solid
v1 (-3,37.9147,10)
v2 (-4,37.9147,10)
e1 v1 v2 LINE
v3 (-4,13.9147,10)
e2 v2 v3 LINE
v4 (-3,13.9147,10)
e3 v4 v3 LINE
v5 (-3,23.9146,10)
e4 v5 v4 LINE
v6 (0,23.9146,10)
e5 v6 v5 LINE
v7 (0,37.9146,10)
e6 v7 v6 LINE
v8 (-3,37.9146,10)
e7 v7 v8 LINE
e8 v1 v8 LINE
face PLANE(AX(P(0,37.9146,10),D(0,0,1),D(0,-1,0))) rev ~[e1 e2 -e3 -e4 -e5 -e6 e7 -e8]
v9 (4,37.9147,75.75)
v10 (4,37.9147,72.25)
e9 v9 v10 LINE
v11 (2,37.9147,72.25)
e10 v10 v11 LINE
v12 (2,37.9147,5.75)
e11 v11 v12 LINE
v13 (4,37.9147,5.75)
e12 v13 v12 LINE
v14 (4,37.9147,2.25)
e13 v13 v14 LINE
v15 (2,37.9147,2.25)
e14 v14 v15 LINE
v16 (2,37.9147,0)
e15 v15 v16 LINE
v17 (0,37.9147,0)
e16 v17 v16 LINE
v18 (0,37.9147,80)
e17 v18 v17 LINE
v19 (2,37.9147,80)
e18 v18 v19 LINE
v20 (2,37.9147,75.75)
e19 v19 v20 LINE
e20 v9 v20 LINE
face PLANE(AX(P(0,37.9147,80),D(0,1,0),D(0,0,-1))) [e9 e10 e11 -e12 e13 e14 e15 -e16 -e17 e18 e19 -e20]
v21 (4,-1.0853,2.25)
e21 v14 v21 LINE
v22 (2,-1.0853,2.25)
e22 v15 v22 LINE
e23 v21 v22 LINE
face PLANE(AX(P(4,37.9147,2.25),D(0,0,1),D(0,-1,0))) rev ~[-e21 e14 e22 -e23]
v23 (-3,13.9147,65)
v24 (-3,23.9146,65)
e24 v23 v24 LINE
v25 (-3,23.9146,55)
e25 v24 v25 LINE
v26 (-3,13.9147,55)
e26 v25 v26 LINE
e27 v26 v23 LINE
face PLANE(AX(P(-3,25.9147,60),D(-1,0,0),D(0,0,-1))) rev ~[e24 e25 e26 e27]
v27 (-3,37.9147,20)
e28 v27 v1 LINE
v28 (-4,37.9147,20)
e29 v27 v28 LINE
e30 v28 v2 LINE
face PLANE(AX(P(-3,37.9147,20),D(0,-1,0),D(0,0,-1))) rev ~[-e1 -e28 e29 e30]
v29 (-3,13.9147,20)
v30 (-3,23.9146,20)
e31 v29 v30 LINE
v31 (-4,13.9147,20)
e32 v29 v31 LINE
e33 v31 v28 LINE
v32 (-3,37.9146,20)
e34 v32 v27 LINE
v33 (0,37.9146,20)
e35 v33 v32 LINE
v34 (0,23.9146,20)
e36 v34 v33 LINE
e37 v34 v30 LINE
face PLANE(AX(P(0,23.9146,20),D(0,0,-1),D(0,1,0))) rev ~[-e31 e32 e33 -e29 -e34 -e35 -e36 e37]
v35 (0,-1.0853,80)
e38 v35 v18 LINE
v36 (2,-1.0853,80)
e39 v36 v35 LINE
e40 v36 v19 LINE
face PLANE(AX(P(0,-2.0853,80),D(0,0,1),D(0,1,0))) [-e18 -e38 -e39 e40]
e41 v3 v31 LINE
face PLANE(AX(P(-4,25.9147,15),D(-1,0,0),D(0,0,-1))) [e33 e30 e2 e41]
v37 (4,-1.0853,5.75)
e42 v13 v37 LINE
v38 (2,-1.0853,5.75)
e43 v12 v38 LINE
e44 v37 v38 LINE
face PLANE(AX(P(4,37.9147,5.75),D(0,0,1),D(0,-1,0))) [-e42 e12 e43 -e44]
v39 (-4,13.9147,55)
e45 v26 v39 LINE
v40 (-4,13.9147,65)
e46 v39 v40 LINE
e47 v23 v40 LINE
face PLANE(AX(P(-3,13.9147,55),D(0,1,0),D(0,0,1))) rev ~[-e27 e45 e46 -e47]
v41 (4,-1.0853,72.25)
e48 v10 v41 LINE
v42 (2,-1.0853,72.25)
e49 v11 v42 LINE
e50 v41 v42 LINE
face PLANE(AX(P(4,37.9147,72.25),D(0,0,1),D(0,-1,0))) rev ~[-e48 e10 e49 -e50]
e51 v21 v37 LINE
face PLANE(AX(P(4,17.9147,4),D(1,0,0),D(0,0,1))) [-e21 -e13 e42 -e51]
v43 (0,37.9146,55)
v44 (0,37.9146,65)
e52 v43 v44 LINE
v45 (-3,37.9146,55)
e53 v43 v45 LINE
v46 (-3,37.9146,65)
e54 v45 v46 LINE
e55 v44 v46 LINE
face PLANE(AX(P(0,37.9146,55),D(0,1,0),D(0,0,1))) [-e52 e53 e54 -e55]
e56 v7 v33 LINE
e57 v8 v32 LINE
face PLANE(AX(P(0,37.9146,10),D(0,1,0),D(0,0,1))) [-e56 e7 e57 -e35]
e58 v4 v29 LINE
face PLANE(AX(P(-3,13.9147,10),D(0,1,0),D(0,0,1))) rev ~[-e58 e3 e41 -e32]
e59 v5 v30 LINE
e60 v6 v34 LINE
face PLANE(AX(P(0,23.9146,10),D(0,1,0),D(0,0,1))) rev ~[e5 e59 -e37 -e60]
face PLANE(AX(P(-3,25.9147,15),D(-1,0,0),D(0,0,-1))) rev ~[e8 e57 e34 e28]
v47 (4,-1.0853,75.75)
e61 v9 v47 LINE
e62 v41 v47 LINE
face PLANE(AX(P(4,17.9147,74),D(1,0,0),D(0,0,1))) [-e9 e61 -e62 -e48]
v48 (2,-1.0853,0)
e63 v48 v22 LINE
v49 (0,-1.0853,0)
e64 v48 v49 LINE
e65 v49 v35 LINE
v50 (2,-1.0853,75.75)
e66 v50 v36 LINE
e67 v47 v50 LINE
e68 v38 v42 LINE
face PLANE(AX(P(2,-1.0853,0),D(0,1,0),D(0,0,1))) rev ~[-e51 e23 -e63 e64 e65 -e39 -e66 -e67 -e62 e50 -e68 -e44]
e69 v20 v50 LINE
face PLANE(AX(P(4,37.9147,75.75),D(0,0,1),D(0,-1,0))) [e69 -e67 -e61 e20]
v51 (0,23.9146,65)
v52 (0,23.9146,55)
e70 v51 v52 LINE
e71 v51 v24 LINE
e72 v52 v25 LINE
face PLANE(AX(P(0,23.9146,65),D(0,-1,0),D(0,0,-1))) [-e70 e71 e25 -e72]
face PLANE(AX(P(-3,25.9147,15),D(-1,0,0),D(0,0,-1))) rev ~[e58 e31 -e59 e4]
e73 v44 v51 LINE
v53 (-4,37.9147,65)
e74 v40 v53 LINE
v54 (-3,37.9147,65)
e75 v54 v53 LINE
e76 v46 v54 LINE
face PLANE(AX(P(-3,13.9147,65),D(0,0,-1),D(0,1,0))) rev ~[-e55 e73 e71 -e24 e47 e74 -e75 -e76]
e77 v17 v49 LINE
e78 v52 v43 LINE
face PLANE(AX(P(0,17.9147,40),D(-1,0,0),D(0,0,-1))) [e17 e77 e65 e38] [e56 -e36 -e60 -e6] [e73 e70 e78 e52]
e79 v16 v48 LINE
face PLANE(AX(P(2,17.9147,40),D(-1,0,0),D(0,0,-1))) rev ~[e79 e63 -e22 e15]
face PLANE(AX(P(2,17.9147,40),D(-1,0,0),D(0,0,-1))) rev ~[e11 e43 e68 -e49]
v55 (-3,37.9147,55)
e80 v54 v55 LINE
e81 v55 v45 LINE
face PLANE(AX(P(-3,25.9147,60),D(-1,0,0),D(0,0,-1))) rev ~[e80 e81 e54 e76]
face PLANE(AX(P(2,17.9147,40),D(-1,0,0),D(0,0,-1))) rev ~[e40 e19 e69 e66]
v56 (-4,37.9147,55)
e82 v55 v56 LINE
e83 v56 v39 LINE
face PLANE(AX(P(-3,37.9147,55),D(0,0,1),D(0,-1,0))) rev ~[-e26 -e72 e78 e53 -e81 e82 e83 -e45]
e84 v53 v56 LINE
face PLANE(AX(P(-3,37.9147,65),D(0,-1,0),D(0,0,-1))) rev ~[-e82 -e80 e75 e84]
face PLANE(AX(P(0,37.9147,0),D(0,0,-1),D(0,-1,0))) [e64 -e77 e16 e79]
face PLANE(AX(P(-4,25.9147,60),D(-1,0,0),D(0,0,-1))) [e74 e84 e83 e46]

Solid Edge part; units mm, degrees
sketch "Sketch1" plane through (0, 0, 0) normal (-1, 0, 0) x (0, -1, 0)
  line L0 (2.0853, 0) -> (2.0853, 80)
  line L1 (2.0853, 80) -> (-37.9147, 80)
  line L2 (-37.9147, 80) -> (-37.9147, 0)
  line L3 (-37.9147, 0) -> (2.0853, 0)
extrude "Protrusion1" add sketch "Sketch1" against normal blind 2
sketch "Sketch2" plane through (0, 18.9573, 40) normal (-1, 0, 0) x (0, 0, 1)
  line L0 (-20, 4.9573) -> (-20, 18.9573)
  line L1 (-30, 18.9573) -> (-20, 18.9573)
  line L2 (-30, 18.9573) -> (-30, 4.9573)
  line L3 (-30, 4.9573) -> (-20, 4.9573)
  line L4 (25, 18.9573) -> (25, 4.9573)
  line L5 (25, 4.9573) -> (15, 4.9573)
  line L6 (15, 4.9573) -> (15, 18.9573)
  line L7 (15, 18.9573) -> (25, 18.9573)
extrude "Vysunutí_2" add sketch "Sketch2" along normal blind 3
sketch "Sketch3" plane through (-3, 30.9147, 60) normal (-1, 0, 0) x (0, 0, 1)
  line L0 (5, -17) -> (5, 7)
  line L1 (5, 7) -> (-5, 7)
  line L2 (-5, 7) -> (-5, -17)
  line L3 (-5, -17) -> (5, -17)
  line L4 (-40, -17) -> (-40, 7)
  line L5 (-40, 7) -> (-50, 7)
  line L6 (-50, 7) -> (-50, -17)
  line L7 (-50, -17) -> (-40, -17)
extrude "Vysunutí_3" add sketch "Sketch3" along normal blind 1
sketch "Sketch4" plane through (2, 17.9147, 40) normal (1, 0, 0) x (0, 0, 1)
  line L0 (33, 20) -> (33, -20)
  line L1 (33, -20) -> (35, -20)
  line L2 (35, -20) -> (35, 20)
  line L3 (35, 20) -> (33, 20)
extrude "Protrusion2" add sketch "Sketch4" along normal blind 2
sketch "Sketch5" plane through (2, 17.9147, 36.5) normal (1, 0, 0) x (0, 0, -1)
  line L0 (31.5, 20) -> (31.5, -20)
  line L1 (31.5, -20) -> (33.5, -20)
  line L2 (33.5, -20) -> (33.5, 20)
  line L3 (33.5, 20) -> (31.5, 20)
extrude "Vysunutí_6" add sketch "Sketch5" along normal blind 2
sketch "Sketch6" plane through (2, 17.9147, 39) normal (1, 0, 0) x (0, -1, 0)
  line L0 (19, 39) -> (19, -41)
  line L1 (19, -41) -> (20, -41)
  line L2 (20, -41) -> (20, 39)
  line L3 (20, 39) -> (19, 39)
extrude "Vyříznutí_1" cut sketch "Sketch6" against normal blind 2
sketch "Sketch7" plane through (2, 17.9147, 39) normal (1, 0, 0) x (0, -1, 0)
  line L0 (20, -41) -> (20, 39)
  line L1 (20, 39) -> (19, 39)
  line L2 (19, 39) -> (19, -41)
  line L3 (19, -41) -> (20, -41)
extrude "Vyříznutí_2" cut sketch "Sketch7" along normal blind 2
sketch "Sketch8" plane through (4, 18.4147, 74) normal (1, 0, 0) x (0, -1, 0)
  line L0 (-19.5, -1) -> (-19.5, -1.75)
  line L1 (-19.5, -1.75) -> (19.5, -1.75)
  line L2 (19.5, -1.75) -> (19.5, -1)
  line L3 (19.5, -1) -> (-19.5, -1)
  line L4 (-19.5, 1.75) -> (19.5, 1.75)
  line L5 (19.5, 1.75) -> (19.5, 1)
  line L6 (19.5, 1) -> (-19.5, 1)
  line L7 (-19.5, 1) -> (-19.5, 1.75)
  line L8 (-19.5, 69) -> (-19.5, 68.25)
  line L9 (-19.5, 68.25) -> (19.5, 68.25)
  line L10 (19.5, 68.25) -> (19.5, 69)
  line L11 (19.5, 69) -> (-19.5, 69)
  line L12 (-19.5, 71) -> (-19.5, 71.75)
  line L13 (-19.5, 71.75) -> (19.5, 71.75)
  line L14 (19.5, 71.75) -> (19.5, 71)
  line L15 (19.5, 71) -> (-19.5, 71)
extrude "Protrusion3" add sketch "Sketch8" against normal blind 2
